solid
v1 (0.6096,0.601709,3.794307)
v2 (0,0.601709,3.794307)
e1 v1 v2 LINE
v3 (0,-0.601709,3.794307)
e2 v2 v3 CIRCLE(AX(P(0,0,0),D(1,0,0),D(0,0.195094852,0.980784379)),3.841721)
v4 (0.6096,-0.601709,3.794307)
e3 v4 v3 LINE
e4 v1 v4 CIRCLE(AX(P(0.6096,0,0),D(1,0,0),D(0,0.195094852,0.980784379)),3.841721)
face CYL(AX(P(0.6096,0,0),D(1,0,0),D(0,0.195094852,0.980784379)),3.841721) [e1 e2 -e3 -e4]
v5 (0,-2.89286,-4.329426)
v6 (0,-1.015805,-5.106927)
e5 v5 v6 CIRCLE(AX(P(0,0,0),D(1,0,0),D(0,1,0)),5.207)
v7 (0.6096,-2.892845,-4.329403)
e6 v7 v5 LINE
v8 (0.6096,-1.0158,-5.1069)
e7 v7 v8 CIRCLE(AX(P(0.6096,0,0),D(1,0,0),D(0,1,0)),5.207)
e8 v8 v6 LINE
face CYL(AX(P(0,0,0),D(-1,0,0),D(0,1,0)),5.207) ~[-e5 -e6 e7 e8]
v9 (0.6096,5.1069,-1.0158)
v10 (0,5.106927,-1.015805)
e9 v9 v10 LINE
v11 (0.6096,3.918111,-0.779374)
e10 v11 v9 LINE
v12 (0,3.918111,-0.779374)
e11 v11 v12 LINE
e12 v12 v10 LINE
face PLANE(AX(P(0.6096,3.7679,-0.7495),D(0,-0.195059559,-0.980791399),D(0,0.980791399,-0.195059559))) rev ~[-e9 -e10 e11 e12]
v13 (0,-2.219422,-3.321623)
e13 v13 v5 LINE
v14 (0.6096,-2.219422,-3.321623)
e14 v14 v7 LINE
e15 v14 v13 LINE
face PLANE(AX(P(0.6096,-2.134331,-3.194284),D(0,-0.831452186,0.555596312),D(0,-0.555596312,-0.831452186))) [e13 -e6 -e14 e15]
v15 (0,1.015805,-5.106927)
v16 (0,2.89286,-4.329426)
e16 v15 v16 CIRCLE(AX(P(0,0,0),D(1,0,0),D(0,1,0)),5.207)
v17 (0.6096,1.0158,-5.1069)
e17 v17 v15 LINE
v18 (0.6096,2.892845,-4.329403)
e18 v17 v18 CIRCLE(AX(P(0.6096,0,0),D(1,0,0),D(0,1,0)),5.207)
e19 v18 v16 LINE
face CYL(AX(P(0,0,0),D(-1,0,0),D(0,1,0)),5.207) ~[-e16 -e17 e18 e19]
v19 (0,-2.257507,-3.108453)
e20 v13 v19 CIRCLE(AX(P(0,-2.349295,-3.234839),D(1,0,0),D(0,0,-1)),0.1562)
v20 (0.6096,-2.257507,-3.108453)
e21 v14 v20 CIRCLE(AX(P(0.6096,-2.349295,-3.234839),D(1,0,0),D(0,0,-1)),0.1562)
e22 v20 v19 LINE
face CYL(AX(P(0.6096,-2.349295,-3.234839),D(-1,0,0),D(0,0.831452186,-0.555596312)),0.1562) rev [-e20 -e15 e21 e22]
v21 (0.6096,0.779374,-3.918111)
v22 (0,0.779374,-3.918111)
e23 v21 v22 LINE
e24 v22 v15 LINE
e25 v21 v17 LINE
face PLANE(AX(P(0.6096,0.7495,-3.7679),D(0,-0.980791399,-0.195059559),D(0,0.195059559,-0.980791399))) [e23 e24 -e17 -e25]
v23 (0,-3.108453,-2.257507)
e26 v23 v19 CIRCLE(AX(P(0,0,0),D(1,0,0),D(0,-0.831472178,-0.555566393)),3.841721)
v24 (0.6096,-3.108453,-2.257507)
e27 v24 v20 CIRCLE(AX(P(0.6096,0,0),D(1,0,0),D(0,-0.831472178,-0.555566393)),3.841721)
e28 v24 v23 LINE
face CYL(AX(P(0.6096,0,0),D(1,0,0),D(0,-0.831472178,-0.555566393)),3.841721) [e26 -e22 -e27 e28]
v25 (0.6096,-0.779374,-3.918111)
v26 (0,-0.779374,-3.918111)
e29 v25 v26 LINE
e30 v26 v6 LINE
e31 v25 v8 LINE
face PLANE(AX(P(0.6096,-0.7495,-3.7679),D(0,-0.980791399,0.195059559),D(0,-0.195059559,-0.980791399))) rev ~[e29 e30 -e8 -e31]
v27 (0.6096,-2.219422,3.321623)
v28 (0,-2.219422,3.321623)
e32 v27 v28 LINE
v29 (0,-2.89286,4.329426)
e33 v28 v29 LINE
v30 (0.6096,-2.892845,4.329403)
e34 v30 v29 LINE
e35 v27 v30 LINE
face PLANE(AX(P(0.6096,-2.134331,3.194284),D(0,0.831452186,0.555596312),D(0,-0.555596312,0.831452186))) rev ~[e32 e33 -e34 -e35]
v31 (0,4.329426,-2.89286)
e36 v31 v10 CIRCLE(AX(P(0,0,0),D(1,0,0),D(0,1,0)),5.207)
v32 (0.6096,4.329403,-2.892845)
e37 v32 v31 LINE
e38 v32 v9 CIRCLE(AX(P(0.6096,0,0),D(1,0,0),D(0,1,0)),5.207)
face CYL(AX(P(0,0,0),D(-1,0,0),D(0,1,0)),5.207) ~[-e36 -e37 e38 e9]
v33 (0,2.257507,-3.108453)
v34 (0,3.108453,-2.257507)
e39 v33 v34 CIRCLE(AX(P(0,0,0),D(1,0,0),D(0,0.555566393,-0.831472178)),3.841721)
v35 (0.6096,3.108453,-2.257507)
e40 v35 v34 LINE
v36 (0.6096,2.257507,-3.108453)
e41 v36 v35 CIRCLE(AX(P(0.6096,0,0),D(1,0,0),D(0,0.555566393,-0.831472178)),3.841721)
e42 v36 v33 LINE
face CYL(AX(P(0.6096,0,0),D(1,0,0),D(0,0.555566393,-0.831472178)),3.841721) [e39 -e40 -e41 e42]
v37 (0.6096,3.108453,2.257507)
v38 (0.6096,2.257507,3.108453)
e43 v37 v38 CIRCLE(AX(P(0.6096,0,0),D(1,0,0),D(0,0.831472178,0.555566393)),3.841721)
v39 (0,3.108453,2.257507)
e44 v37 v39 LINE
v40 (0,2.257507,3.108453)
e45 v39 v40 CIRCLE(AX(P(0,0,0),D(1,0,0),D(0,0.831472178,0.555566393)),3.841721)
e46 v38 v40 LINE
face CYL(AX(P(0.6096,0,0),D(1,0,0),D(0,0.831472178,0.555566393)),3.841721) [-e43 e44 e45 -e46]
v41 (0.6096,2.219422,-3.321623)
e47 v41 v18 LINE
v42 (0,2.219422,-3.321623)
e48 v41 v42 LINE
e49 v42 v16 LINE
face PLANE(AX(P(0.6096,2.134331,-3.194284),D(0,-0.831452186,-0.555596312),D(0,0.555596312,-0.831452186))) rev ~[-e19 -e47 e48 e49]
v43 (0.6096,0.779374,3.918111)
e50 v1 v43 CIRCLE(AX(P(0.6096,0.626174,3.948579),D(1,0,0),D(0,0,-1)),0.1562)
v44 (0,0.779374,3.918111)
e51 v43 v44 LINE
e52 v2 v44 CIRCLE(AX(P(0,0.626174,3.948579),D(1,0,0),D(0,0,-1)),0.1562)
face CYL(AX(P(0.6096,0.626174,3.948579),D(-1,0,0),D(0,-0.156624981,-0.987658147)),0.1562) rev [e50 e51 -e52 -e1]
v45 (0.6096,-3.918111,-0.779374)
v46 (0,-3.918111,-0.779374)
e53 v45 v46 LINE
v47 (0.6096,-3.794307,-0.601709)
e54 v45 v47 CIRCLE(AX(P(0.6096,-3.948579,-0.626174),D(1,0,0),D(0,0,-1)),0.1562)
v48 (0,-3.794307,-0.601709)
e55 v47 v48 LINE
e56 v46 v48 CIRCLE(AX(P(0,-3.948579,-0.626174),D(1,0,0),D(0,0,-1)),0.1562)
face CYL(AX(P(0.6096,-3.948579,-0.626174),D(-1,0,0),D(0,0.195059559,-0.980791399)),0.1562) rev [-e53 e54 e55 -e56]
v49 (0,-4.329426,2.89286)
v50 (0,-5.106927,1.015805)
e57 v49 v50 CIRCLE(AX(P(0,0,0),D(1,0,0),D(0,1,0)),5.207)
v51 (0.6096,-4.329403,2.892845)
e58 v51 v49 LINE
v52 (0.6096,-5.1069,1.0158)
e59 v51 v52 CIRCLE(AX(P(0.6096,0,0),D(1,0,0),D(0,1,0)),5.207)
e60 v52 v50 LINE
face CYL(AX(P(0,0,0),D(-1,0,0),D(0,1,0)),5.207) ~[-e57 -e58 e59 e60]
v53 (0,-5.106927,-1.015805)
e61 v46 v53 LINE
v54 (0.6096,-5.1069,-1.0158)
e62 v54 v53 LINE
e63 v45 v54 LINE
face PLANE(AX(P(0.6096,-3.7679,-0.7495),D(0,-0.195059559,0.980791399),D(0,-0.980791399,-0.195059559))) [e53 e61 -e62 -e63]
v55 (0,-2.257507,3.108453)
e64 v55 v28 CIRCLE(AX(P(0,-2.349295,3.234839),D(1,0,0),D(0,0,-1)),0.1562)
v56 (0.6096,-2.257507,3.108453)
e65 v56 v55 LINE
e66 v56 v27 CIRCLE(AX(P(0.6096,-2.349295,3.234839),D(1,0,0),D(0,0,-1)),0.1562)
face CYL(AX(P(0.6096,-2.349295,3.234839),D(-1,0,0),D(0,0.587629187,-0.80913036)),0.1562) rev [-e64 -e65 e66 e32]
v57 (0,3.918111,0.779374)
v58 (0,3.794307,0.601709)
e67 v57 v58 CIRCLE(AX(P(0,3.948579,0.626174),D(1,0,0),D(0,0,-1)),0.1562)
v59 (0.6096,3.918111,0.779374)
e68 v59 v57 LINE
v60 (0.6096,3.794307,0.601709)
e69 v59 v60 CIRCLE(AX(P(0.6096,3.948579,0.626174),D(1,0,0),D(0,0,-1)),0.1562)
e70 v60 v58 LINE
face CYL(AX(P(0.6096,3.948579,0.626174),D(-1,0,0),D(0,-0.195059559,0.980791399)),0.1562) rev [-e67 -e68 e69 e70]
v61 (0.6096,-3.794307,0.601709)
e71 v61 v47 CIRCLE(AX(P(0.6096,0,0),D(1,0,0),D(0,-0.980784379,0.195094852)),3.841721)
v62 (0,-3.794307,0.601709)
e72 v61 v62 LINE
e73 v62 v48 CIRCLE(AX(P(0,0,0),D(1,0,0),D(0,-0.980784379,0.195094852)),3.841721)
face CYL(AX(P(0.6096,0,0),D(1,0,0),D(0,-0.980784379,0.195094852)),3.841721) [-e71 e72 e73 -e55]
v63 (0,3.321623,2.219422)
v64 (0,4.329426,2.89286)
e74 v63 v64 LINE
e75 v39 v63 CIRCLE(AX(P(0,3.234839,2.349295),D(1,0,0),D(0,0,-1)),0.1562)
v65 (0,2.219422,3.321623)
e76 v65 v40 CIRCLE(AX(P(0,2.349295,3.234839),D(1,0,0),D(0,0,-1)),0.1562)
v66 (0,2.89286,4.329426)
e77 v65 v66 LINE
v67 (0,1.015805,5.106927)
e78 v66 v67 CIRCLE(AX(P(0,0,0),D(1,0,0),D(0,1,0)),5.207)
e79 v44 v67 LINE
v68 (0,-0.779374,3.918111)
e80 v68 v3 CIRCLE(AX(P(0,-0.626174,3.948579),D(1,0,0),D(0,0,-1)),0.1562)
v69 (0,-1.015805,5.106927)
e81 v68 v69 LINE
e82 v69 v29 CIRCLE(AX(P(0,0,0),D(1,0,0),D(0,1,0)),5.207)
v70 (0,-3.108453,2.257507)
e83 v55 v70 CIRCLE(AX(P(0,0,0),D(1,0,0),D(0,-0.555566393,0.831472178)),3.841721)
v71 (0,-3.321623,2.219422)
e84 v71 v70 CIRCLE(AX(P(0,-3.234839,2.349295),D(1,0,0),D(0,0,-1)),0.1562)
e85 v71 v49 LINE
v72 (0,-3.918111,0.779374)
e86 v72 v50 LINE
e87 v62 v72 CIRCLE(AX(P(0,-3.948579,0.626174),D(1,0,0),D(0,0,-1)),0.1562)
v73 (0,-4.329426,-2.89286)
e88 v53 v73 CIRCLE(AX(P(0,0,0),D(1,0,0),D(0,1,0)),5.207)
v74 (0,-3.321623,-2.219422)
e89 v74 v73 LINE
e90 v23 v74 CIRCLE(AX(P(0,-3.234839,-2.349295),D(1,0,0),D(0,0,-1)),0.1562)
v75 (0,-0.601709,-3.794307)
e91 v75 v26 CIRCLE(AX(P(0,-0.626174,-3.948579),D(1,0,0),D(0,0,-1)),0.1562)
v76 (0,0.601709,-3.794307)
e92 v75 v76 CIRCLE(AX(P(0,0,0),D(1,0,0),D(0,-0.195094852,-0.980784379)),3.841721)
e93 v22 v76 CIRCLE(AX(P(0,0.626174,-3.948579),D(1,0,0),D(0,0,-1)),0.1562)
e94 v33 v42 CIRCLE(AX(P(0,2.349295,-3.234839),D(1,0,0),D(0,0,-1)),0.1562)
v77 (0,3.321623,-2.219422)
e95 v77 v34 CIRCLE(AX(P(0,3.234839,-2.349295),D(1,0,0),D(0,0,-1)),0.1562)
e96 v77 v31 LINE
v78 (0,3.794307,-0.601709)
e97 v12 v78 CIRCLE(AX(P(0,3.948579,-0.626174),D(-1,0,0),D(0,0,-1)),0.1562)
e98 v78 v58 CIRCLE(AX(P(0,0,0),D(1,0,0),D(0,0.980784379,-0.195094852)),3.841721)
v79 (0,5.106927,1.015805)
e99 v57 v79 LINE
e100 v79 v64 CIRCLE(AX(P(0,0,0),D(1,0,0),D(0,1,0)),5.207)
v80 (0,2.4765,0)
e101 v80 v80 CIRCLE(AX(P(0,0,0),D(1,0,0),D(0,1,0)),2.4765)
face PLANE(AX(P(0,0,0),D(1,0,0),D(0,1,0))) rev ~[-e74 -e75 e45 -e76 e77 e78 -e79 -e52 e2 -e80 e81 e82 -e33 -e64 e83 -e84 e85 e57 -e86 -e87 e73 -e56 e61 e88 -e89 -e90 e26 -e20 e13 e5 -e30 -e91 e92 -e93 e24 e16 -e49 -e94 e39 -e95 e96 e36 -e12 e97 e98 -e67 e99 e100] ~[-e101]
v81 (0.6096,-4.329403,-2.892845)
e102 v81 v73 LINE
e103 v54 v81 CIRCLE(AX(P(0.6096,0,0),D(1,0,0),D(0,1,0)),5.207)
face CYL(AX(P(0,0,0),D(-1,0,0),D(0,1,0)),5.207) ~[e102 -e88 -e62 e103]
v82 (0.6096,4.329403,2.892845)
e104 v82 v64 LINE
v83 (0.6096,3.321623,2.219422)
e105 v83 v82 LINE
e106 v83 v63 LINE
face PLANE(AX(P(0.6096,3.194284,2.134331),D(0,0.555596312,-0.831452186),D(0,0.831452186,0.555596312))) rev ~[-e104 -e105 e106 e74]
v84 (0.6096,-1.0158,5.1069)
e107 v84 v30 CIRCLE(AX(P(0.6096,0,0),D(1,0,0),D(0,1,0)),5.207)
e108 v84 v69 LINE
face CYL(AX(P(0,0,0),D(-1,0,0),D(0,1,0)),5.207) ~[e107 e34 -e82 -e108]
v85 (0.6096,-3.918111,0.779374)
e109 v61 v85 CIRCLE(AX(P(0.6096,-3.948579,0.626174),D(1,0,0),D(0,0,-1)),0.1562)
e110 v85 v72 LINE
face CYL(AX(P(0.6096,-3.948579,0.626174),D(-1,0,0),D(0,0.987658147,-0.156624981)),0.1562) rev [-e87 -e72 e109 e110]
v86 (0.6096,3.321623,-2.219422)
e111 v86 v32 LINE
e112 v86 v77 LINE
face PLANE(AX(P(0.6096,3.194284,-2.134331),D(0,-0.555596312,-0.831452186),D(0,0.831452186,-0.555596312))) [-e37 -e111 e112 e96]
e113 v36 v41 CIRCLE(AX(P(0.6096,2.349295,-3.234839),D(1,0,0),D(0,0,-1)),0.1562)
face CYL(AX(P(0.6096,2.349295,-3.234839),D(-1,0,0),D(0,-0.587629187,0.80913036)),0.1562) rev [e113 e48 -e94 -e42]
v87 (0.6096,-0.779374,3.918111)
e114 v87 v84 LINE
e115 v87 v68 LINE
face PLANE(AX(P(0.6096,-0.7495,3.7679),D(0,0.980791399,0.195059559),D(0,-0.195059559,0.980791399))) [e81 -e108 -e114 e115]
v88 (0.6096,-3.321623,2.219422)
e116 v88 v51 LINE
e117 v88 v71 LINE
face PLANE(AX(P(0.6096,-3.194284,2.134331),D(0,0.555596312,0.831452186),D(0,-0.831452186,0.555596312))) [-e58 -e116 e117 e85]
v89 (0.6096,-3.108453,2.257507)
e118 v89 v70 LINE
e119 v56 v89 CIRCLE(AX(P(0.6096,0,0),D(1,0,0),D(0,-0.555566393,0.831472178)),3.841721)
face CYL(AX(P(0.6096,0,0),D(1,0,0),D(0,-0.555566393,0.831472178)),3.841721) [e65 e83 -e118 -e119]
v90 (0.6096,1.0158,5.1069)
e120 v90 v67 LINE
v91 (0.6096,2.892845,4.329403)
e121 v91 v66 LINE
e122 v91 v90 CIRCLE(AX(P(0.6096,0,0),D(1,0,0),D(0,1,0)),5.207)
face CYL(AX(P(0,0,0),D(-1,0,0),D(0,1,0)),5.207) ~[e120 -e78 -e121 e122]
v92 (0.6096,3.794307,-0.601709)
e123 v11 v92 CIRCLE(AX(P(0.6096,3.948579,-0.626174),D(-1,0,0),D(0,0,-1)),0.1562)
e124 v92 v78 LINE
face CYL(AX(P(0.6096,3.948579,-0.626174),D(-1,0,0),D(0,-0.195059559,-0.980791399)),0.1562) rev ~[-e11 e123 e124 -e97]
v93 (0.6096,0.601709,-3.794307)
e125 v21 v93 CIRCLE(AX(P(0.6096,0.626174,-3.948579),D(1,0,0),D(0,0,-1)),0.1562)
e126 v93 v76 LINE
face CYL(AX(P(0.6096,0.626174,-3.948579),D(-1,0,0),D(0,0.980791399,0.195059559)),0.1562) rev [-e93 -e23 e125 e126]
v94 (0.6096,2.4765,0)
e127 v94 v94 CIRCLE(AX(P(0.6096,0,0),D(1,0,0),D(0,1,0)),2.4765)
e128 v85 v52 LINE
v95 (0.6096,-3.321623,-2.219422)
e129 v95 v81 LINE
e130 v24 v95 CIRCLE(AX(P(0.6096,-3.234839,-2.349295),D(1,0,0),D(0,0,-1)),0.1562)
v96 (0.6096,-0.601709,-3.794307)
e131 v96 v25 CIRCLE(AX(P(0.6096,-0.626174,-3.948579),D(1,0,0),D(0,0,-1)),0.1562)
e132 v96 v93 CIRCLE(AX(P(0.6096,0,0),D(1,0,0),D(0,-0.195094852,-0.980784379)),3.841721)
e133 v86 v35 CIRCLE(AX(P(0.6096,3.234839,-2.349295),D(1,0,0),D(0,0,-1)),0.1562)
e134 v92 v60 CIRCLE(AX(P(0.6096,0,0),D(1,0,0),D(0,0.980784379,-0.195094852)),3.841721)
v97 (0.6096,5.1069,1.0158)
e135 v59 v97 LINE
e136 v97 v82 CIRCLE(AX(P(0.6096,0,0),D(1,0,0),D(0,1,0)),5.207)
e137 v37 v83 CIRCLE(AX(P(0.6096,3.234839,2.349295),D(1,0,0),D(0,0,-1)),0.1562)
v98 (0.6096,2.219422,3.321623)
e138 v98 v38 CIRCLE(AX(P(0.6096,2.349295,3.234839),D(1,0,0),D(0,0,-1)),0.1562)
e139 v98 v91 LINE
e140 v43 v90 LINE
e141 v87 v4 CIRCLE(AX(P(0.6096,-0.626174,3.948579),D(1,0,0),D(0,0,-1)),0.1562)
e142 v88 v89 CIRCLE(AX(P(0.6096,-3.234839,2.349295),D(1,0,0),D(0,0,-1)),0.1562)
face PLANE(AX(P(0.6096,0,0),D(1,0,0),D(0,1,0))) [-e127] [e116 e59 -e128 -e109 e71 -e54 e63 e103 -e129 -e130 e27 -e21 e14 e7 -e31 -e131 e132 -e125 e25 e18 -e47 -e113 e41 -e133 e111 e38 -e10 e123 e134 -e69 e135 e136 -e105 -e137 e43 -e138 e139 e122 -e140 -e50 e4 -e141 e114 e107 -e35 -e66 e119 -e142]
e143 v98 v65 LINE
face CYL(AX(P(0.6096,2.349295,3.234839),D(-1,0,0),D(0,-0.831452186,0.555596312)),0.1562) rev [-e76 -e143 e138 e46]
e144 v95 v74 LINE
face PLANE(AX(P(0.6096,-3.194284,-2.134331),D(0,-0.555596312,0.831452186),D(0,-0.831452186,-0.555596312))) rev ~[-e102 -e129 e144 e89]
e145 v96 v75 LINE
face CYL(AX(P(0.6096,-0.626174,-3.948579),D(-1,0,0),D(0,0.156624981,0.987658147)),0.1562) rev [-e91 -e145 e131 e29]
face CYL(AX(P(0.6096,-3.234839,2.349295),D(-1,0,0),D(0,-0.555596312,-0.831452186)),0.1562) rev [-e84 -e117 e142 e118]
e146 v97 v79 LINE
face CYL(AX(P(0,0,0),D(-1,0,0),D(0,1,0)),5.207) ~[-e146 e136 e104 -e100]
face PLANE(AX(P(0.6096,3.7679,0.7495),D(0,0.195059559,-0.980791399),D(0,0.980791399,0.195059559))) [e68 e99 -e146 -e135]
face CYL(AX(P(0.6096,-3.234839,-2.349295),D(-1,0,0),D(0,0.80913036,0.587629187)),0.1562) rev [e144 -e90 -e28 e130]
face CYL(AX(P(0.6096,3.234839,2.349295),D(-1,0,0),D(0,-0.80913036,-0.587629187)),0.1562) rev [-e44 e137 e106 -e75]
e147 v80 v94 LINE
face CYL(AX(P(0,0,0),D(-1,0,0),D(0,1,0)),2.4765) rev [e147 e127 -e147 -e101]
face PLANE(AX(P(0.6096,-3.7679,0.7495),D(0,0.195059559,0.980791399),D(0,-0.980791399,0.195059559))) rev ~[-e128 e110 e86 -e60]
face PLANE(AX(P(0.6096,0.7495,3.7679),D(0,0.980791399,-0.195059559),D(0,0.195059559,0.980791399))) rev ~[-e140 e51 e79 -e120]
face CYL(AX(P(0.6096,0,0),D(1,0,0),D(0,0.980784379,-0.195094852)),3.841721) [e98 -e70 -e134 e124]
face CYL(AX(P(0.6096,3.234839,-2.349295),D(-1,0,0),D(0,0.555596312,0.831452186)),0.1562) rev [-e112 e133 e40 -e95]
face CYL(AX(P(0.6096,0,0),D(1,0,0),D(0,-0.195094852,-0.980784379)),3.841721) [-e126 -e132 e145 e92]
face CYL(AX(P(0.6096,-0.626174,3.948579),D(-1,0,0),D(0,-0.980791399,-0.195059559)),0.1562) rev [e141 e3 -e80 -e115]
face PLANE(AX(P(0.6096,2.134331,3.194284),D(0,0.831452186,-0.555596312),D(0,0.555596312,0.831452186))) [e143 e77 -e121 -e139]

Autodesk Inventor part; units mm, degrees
ref_plane "YZ Plane" through (0, 0, 0) normal (1, 0, 0) x (0, 1, 0)
ref_plane "XZ Plane" through (0, 0, 0) normal (0, 1, 0) x (-1, 0, 0)
sketch "Sketch1" plane through (0, 0, 0) normal (1, 0, 0) x (0, 1, 0)
  circle A0 centre (0, 0) radius 5.207
  circle A1 centre (0, 0) radius 2.4765
  dimension "d0" = 10.414
  dimension "d1" = 4.953
extrude "Body" add sketch "Sketch1" along normal blind 0.6096
sketch "Sketch2" plane through (0.6096, 0, 0) normal (1, 0, 0) x (0, 0, -1)
  circle A0 centre (0, 0) radius 5.207 projected
  line L0 (0, 0) -> (0, 5.207) construction
  arc A1 (1.0158, 5.1069) -> (-1.0158, 5.1069) centre (0, 0) ccw
  arc A2 (0.7495, 3.7679) -> (-0.7495, 3.7679) centre (0, 0) ccw
  line L1 (-0.7495, 3.7679) -> (-1.0158, 5.1069)
  line L2 (0.7495, 3.7679) -> (1.0158, 5.1069)
  line L3 (-0.7495, 3.7679) -> (0, 0) construction
  line L4 (0, 0) -> (0.7495, 3.7679) construction
  dimension "d4" = 22.5
  dimension "d5" = 7.6835
extrude "Cut" cut sketch "Sketch2" against normal through all contours L2 A2 L1 A0 picked at (-0.0838, 4.7417)
fillet "Fillet1" radius 0.1562 2 edges at (0.3048, 3.7679, 0.7495) (0.3048, 3.7679, -0.7495)
pattern_circular "Cuts" count 8 over 360 about axis through (0, 0, 0) along (1, 0, 0) of "Cut", "Fillet1"
ref_plane "Work Plane1" through (0, 0, 0) normal (0, -1, 0) x (1, 0, 0)
equation "\"d0\" = SD2"
equation "\"d1\" = SD1"
equation "\"d2\" = SD"
equation "\"d5\" = 0.5 * SD2 + 0.5 * SD1"
equation "\"d6\" = SD"
equation "\"d8\" = 0.015 * SD2"
equation "\"SD\" = 0.6096"
equation "\"SD1\" = 4.953"
equation "\"SD2\" = 10.414"
equation "\"NND\" = 4.826"
properties part number "ASME B18.21.1 - No. 10. Carbon Steel"
